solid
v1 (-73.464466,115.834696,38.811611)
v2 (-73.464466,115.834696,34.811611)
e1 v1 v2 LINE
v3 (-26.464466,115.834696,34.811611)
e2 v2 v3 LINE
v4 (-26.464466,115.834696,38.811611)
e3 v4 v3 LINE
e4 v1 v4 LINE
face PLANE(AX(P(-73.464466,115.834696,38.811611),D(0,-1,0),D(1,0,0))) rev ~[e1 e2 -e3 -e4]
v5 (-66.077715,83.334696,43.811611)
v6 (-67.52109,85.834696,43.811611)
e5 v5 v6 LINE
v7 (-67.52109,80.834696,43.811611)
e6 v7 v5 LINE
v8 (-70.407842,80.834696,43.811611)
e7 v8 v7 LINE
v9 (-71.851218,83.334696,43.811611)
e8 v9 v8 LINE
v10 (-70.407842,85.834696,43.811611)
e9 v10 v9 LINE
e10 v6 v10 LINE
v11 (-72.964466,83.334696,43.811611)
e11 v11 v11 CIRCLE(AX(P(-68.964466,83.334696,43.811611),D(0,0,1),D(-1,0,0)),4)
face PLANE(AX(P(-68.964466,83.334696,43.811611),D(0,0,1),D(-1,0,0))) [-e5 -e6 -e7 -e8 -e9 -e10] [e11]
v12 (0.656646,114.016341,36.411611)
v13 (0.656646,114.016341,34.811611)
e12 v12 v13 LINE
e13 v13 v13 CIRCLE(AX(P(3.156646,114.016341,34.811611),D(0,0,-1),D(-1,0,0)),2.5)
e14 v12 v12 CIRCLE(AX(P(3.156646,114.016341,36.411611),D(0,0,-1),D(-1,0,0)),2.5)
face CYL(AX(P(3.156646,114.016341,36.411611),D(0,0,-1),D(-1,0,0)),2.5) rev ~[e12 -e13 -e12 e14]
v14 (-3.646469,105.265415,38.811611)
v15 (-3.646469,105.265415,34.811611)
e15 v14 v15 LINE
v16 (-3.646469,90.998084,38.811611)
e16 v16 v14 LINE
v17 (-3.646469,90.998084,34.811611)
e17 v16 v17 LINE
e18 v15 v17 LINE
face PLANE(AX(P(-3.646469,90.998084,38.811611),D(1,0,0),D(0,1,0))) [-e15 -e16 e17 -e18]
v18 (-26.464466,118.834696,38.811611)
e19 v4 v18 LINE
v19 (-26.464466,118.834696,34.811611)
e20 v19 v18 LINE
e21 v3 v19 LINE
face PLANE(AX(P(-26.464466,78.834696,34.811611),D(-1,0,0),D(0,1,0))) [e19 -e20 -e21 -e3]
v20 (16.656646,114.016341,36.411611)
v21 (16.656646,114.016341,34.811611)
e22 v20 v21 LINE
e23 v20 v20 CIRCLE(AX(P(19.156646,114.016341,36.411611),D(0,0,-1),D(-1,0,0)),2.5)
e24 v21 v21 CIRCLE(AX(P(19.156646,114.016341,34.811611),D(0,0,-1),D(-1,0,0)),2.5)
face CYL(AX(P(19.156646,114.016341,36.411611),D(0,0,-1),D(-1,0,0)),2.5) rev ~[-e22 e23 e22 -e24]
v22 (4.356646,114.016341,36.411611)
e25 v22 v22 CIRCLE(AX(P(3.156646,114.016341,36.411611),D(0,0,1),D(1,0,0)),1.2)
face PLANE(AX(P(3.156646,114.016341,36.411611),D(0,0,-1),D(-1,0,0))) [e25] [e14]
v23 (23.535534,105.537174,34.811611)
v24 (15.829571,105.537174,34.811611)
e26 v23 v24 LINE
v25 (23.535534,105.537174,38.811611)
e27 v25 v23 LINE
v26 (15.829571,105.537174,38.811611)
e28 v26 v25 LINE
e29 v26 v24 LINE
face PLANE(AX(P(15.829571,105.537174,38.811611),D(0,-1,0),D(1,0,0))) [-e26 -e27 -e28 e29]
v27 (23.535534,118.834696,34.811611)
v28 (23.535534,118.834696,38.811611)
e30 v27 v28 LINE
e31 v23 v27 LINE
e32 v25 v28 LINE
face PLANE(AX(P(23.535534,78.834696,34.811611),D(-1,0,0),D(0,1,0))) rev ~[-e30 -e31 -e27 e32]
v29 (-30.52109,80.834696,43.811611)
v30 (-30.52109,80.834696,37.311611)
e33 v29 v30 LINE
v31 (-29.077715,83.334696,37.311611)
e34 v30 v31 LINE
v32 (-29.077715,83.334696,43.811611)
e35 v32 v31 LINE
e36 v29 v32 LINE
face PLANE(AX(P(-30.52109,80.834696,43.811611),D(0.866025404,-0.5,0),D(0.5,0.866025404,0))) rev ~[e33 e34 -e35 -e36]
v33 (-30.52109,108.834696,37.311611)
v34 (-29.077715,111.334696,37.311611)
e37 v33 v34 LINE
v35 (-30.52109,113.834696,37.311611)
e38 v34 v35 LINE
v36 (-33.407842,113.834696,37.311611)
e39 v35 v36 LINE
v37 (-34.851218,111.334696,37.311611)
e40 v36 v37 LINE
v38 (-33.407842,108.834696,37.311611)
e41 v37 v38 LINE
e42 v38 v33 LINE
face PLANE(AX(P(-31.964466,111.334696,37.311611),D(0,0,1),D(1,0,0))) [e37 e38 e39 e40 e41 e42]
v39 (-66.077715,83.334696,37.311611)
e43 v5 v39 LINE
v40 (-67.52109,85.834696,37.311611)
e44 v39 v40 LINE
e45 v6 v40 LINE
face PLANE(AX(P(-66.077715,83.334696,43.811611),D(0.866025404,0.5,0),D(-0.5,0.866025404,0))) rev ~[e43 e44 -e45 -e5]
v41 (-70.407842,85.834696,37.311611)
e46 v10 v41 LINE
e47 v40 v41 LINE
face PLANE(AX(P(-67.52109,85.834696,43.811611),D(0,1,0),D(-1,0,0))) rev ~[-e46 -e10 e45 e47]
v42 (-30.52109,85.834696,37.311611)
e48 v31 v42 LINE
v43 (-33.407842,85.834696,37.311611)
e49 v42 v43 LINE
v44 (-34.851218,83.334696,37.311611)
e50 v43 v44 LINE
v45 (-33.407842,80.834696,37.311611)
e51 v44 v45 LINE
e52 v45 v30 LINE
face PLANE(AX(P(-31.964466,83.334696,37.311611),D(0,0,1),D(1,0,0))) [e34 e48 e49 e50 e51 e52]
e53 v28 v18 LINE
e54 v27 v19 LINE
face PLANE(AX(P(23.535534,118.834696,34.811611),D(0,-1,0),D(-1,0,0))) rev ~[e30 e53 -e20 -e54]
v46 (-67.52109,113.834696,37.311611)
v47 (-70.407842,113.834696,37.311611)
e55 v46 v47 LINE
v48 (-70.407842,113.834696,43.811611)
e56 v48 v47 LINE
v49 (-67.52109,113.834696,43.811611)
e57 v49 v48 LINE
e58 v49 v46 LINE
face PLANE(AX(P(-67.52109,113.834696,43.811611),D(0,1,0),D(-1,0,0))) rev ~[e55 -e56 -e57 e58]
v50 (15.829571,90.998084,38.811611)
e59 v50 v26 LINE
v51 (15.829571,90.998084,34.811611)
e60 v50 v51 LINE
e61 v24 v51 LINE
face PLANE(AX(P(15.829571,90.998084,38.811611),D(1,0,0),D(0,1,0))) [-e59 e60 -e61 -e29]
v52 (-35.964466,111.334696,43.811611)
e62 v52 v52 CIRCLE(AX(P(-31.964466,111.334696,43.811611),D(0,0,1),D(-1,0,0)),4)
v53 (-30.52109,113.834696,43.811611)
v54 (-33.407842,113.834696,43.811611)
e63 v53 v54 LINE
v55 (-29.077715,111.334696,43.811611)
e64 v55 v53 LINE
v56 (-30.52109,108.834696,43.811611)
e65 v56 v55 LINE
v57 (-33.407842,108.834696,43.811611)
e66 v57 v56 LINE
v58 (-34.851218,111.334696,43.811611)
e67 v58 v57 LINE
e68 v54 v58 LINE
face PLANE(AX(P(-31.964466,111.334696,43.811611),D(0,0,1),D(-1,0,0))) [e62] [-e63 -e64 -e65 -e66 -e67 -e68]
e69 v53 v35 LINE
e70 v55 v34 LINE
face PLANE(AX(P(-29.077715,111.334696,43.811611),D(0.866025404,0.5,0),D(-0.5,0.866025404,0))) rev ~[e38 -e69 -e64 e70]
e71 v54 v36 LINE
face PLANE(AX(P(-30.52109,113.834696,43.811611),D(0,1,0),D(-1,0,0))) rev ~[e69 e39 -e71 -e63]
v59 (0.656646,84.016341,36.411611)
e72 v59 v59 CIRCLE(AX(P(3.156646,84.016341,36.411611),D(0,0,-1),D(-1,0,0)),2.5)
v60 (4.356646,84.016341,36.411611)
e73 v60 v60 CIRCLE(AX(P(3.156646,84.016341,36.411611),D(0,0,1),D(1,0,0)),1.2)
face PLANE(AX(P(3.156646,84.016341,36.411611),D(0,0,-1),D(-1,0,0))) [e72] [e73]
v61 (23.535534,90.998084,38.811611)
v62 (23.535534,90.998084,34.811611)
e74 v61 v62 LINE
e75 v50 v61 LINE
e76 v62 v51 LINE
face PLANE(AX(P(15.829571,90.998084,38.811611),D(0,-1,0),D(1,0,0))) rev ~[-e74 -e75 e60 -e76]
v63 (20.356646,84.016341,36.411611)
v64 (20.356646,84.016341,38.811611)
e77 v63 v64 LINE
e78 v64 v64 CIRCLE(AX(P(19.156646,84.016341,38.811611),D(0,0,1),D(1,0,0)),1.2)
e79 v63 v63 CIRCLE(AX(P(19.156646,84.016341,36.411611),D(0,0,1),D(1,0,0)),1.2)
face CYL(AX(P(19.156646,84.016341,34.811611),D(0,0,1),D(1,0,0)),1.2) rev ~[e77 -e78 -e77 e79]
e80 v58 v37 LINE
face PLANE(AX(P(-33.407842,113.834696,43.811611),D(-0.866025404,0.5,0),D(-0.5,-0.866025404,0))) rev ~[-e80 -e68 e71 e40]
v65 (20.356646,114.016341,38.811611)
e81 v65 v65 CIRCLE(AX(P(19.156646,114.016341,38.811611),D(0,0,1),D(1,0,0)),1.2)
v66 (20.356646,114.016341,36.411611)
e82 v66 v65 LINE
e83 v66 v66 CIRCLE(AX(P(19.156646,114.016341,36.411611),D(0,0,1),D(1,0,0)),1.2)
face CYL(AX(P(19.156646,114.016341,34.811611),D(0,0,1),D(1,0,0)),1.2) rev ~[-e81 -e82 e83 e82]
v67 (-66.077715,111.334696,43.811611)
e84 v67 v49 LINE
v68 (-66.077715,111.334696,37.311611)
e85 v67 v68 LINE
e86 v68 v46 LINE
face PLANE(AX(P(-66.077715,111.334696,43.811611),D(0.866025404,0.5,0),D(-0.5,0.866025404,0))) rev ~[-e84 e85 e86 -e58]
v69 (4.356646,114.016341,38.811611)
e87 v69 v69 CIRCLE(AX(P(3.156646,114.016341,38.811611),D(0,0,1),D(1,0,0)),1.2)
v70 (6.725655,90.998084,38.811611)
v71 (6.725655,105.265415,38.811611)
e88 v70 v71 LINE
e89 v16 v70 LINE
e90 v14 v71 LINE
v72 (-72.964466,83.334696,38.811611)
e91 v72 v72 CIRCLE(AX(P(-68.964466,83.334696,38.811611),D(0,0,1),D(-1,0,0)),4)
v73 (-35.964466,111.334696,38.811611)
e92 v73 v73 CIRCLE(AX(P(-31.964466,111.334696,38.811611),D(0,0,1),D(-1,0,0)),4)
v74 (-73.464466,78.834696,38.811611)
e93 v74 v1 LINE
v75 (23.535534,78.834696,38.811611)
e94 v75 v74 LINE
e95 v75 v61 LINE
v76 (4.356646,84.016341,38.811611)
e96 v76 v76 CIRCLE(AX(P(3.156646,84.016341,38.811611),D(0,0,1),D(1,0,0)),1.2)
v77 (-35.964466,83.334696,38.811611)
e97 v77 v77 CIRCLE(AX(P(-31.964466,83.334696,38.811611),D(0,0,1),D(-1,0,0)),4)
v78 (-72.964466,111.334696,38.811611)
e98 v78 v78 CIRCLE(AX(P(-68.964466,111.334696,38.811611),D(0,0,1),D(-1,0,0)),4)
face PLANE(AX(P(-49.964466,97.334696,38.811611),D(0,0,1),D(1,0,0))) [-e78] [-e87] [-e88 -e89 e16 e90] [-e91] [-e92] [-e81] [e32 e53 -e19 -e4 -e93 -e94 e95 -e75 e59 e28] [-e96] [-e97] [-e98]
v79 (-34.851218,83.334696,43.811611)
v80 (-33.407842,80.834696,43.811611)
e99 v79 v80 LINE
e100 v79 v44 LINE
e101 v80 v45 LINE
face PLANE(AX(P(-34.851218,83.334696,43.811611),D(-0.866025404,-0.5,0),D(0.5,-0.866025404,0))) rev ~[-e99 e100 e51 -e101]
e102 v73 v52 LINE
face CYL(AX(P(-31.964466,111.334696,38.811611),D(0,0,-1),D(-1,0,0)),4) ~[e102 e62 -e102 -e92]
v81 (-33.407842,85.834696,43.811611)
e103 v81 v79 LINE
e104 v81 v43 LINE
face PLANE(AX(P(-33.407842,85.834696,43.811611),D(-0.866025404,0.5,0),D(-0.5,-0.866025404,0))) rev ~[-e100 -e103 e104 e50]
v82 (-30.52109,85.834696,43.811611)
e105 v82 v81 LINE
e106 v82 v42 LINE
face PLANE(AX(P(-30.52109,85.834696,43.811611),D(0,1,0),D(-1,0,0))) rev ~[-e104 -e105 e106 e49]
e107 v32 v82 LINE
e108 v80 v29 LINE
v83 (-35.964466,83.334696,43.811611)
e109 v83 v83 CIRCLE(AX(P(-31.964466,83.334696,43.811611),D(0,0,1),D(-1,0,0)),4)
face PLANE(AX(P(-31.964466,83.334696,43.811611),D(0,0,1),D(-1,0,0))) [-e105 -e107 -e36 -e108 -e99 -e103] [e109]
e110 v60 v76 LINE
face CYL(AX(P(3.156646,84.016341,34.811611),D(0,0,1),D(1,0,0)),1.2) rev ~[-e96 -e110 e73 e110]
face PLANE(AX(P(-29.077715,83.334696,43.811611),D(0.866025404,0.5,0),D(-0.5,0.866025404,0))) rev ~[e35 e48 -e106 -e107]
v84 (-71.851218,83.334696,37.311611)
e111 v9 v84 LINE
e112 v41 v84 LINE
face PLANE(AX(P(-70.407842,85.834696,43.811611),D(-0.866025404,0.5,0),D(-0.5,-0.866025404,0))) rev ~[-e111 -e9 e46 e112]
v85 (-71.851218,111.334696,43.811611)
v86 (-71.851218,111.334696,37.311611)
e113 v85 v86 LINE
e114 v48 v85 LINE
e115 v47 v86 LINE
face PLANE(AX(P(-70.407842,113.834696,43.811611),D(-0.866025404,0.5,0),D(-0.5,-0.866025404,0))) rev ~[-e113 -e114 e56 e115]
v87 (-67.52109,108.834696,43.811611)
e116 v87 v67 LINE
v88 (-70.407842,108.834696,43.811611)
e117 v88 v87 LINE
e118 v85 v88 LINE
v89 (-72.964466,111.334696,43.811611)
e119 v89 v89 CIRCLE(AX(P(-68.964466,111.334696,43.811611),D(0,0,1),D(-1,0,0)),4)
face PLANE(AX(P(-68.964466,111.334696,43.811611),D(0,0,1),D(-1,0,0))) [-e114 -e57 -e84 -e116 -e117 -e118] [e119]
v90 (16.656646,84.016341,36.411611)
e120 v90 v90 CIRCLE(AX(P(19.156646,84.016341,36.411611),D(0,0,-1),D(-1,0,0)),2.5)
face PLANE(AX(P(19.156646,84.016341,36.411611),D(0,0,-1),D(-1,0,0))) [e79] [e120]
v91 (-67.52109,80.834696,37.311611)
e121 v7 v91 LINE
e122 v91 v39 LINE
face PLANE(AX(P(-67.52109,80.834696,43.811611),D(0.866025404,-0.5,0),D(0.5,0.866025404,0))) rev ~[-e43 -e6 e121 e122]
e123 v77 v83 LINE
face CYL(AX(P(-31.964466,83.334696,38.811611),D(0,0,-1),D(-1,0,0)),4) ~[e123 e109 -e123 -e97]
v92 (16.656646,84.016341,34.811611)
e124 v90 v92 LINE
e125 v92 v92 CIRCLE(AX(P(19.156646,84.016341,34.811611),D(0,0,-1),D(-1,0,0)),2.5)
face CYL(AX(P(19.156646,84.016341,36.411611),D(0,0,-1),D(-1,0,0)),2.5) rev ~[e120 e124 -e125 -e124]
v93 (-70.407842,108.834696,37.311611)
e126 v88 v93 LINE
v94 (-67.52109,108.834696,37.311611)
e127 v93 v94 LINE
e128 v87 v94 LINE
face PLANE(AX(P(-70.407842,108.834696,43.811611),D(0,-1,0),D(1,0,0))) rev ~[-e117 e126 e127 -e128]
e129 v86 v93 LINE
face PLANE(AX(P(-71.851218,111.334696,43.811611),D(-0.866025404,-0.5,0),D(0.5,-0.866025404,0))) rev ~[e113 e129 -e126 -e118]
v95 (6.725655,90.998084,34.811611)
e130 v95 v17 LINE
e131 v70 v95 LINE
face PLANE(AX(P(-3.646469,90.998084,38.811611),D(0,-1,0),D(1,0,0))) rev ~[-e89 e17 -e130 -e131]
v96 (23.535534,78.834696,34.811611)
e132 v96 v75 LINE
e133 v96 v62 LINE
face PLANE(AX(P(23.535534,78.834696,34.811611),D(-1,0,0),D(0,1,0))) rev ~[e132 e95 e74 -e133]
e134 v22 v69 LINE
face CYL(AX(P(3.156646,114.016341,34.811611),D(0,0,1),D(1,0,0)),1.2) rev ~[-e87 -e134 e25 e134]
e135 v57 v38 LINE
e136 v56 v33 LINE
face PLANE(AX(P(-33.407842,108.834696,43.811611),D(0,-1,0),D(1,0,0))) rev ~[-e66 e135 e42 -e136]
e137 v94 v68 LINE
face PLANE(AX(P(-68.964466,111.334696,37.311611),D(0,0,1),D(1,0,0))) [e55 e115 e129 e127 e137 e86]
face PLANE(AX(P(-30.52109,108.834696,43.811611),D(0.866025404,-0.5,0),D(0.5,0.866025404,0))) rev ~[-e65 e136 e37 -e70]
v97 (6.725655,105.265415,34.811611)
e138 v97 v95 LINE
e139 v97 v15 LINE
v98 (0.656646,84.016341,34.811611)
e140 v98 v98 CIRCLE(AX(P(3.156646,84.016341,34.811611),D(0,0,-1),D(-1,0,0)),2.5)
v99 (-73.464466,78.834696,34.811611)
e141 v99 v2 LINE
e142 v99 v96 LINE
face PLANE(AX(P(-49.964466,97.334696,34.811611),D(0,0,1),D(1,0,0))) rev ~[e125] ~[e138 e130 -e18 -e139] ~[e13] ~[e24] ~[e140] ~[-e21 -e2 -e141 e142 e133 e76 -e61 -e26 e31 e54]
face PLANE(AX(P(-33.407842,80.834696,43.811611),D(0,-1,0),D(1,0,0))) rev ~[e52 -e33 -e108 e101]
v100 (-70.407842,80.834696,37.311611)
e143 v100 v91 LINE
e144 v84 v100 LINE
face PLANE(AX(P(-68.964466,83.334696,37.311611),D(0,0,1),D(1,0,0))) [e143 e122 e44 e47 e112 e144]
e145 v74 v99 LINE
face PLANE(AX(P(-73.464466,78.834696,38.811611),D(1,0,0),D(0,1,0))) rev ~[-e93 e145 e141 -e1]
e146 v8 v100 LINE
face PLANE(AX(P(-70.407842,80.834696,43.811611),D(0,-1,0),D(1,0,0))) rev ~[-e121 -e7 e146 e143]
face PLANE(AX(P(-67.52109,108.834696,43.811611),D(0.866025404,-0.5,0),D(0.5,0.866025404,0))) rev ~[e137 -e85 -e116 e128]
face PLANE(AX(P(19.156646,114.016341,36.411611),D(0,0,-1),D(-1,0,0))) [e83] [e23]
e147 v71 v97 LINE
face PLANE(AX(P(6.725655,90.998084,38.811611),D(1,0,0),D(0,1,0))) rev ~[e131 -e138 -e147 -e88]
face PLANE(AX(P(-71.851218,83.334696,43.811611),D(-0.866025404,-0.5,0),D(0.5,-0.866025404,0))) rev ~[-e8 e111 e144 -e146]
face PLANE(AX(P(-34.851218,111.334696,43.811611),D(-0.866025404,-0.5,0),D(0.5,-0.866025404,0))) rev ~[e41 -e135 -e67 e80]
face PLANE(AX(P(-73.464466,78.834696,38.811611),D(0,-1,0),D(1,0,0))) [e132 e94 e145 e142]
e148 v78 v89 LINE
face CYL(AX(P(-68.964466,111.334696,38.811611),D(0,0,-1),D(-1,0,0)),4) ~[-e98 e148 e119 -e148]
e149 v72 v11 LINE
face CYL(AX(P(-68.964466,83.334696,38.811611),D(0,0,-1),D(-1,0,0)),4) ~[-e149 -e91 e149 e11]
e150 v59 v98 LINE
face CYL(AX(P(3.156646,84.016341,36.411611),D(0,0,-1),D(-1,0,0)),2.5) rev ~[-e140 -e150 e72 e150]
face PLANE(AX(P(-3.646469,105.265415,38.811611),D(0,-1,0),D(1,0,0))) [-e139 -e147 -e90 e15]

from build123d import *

# Parameters (mm, degrees)
SKETCH1_W                                        = 50
SKETCH1_H                                        = 40
BOSS_EXTRUDE1_DEPTH                              = 4
SKETCH2_W                                        = 7.705962758
SKETCH2_H                                        = 14.539090136
CUT_EXTRUDE1_DEPTH                               = 122.811546491
SKETCH3_W                                        = 10.372123492
SKETCH3_H                                        = 14.267331442
CUT_EXTRUDE2_DEPTH                               = 122.811546491
CBORE_FOR_M2_PAN_HEAD_MACHINE_SCREW1_D           = 2.4
CBORE_FOR_M2_PAN_HEAD_MACHINE_SCREW1_CBORE_D     = 5
CBORE_FOR_M2_PAN_HEAD_MACHINE_SCREW1_CBORE_DEPTH = 1.6
SKETCH6_W                                        = 47
SKETCH6_H                                        = 37
BOSS_EXTRUDE2_DEPTH                              = 4
SKETCH7_R                                        = 4
BOSS_EXTRUDE3_DEPTH                              = 5
F_2_7_2_7_DIAMETER_HOLE1_D                       = 2.7
F_2_7_2_7_DIAMETER_HOLE1_DEPTH                   = 4
F_2_7_2_7_DIAMETER_HOLE1_TIP                     = 0.811161836
CUT_EXTRUDE3_DEPTH                               = 6.5


with BuildPart() as part:
    # Sketch1 → Boss-Extrude1 (new body)
    with BuildSketch(Plane(origin=(0, 0, 34.811611197), x_dir=(-1, 0, 0), z_dir=(0, 0, -1))):
        with Locations((1.46446617, 98.834695645)):
            Rectangle(SKETCH1_W, SKETCH1_H)
    extrude(amount=-BOSS_EXTRUDE1_DEPTH)

    # Sketch2 → Cut-Extrude1 (cut, through all)
    with BuildSketch(Plane.XY.offset(38.811611197)):
        with Locations((19.682552451, 98.267628733)):
            Rectangle(SKETCH2_W, SKETCH2_H)
    extrude(amount=-CUT_EXTRUDE1_DEPTH, mode=Mode.SUBTRACT)

    # Sketch3 → Cut-Extrude2 (cut, through all)
    with BuildSketch(Plane.XY.offset(38.811611197)):
        with Locations((1.539593072, 98.131749386)):
            Rectangle(SKETCH3_W, SKETCH3_H)
    extrude(amount=-CUT_EXTRUDE2_DEPTH, mode=Mode.SUBTRACT)

    # CBORE for M2 Pan Head Machine Screw1 (through all)
    with Locations(Plane(origin=(0, 0, 34.811611197), x_dir=(-1, 0, 0), z_dir=(0, 0, -1))):
        with Locations((-3.156646479, 84.016340669), (-19.156646479, 84.016340669), (-19.156646479, 114.016340669), (-3.156646479, 114.016340669)):
            CounterBoreHole(CBORE_FOR_M2_PAN_HEAD_MACHINE_SCREW1_D / 2, CBORE_FOR_M2_PAN_HEAD_MACHINE_SCREW1_CBORE_D / 2, CBORE_FOR_M2_PAN_HEAD_MACHINE_SCREW1_CBORE_DEPTH)

    # Sketch6 → Boss-Extrude2 (add)
    with BuildSketch(Plane.XY.offset(38.811611197)):
        with Locations((-49.96446617, 97.334695645)):
            Rectangle(SKETCH6_W, SKETCH6_H)
    extrude(amount=-BOSS_EXTRUDE2_DEPTH)

    # Sketch7 → Boss-Extrude3 (add)
    with BuildSketch(Plane.XY.offset(38.811611197)):
        with Locations(Location((-68.96446617, 111.334695645, 0), (0, 0, 180))):
            Circle(SKETCH7_R)
        with Locations(Location((-31.96446617, 111.334695645, 0), (0, 0, 180))):
            Circle(SKETCH7_R)
        with Locations(Location((-68.96446617, 83.334695645, 0), (0, 0, 180))):
            Circle(SKETCH7_R)
        with Locations(Location((-31.96446617, 83.334695645, 0), (0, 0, 180))):
            Circle(SKETCH7_R)
    extrude(amount=BOSS_EXTRUDE3_DEPTH)

    # Ø2.7 (2.7) Diameter Hole1
    with Locations(Plane.XY.offset(43.811611197)):
        with Locations((-68.96446617, 111.334695645), (-31.96446617, 111.334695645), (-31.96446617, 83.334695645), (-68.96446617, 83.334695645)):
            Hole(F_2_7_2_7_DIAMETER_HOLE1_D / 2, depth=F_2_7_2_7_DIAMETER_HOLE1_DEPTH)
            with Locations((0, 0, -(F_2_7_2_7_DIAMETER_HOLE1_DEPTH + F_2_7_2_7_DIAMETER_HOLE1_TIP / 2))):  # 118° drill point
                Cone(0, F_2_7_2_7_DIAMETER_HOLE1_D / 2, F_2_7_2_7_DIAMETER_HOLE1_TIP, mode=Mode.SUBTRACT)

    # Sketch10 → Cut-Extrude3 (cut)
    with BuildSketch(Plane.XY.offset(43.811611197)):
        Polygon((-67.521090497, 113.834695645), (-70.407841843, 113.834695645), (-71.851217516, 111.334695645), (-70.407841843, 108.834695645), (-67.521090497, 108.834695645), (-66.077714824, 111.334695645), align=None)
        Polygon((-67.521090497, 85.834695645), (-70.407841843, 85.834695645), (-71.851217516, 83.334695645), (-70.407841843, 80.834695645), (-67.521090497, 80.834695645), (-66.077714824, 83.334695645), align=None)
        Polygon((-30.521090497, 113.834695645), (-33.407841843, 113.834695645), (-34.851217516, 111.334695645), (-33.407841843, 108.834695645), (-30.521090497, 108.834695645), (-29.077714824, 111.334695645), align=None)
        Polygon((-30.521090497, 85.834695645), (-33.407841843, 85.834695645), (-34.851217516, 83.334695645), (-33.407841843, 80.834695645), (-30.521090497, 80.834695645), (-29.077714824, 83.334695645), align=None)
    extrude(amount=-CUT_EXTRUDE3_DEPTH, mode=Mode.SUBTRACT)


solid = part.part
